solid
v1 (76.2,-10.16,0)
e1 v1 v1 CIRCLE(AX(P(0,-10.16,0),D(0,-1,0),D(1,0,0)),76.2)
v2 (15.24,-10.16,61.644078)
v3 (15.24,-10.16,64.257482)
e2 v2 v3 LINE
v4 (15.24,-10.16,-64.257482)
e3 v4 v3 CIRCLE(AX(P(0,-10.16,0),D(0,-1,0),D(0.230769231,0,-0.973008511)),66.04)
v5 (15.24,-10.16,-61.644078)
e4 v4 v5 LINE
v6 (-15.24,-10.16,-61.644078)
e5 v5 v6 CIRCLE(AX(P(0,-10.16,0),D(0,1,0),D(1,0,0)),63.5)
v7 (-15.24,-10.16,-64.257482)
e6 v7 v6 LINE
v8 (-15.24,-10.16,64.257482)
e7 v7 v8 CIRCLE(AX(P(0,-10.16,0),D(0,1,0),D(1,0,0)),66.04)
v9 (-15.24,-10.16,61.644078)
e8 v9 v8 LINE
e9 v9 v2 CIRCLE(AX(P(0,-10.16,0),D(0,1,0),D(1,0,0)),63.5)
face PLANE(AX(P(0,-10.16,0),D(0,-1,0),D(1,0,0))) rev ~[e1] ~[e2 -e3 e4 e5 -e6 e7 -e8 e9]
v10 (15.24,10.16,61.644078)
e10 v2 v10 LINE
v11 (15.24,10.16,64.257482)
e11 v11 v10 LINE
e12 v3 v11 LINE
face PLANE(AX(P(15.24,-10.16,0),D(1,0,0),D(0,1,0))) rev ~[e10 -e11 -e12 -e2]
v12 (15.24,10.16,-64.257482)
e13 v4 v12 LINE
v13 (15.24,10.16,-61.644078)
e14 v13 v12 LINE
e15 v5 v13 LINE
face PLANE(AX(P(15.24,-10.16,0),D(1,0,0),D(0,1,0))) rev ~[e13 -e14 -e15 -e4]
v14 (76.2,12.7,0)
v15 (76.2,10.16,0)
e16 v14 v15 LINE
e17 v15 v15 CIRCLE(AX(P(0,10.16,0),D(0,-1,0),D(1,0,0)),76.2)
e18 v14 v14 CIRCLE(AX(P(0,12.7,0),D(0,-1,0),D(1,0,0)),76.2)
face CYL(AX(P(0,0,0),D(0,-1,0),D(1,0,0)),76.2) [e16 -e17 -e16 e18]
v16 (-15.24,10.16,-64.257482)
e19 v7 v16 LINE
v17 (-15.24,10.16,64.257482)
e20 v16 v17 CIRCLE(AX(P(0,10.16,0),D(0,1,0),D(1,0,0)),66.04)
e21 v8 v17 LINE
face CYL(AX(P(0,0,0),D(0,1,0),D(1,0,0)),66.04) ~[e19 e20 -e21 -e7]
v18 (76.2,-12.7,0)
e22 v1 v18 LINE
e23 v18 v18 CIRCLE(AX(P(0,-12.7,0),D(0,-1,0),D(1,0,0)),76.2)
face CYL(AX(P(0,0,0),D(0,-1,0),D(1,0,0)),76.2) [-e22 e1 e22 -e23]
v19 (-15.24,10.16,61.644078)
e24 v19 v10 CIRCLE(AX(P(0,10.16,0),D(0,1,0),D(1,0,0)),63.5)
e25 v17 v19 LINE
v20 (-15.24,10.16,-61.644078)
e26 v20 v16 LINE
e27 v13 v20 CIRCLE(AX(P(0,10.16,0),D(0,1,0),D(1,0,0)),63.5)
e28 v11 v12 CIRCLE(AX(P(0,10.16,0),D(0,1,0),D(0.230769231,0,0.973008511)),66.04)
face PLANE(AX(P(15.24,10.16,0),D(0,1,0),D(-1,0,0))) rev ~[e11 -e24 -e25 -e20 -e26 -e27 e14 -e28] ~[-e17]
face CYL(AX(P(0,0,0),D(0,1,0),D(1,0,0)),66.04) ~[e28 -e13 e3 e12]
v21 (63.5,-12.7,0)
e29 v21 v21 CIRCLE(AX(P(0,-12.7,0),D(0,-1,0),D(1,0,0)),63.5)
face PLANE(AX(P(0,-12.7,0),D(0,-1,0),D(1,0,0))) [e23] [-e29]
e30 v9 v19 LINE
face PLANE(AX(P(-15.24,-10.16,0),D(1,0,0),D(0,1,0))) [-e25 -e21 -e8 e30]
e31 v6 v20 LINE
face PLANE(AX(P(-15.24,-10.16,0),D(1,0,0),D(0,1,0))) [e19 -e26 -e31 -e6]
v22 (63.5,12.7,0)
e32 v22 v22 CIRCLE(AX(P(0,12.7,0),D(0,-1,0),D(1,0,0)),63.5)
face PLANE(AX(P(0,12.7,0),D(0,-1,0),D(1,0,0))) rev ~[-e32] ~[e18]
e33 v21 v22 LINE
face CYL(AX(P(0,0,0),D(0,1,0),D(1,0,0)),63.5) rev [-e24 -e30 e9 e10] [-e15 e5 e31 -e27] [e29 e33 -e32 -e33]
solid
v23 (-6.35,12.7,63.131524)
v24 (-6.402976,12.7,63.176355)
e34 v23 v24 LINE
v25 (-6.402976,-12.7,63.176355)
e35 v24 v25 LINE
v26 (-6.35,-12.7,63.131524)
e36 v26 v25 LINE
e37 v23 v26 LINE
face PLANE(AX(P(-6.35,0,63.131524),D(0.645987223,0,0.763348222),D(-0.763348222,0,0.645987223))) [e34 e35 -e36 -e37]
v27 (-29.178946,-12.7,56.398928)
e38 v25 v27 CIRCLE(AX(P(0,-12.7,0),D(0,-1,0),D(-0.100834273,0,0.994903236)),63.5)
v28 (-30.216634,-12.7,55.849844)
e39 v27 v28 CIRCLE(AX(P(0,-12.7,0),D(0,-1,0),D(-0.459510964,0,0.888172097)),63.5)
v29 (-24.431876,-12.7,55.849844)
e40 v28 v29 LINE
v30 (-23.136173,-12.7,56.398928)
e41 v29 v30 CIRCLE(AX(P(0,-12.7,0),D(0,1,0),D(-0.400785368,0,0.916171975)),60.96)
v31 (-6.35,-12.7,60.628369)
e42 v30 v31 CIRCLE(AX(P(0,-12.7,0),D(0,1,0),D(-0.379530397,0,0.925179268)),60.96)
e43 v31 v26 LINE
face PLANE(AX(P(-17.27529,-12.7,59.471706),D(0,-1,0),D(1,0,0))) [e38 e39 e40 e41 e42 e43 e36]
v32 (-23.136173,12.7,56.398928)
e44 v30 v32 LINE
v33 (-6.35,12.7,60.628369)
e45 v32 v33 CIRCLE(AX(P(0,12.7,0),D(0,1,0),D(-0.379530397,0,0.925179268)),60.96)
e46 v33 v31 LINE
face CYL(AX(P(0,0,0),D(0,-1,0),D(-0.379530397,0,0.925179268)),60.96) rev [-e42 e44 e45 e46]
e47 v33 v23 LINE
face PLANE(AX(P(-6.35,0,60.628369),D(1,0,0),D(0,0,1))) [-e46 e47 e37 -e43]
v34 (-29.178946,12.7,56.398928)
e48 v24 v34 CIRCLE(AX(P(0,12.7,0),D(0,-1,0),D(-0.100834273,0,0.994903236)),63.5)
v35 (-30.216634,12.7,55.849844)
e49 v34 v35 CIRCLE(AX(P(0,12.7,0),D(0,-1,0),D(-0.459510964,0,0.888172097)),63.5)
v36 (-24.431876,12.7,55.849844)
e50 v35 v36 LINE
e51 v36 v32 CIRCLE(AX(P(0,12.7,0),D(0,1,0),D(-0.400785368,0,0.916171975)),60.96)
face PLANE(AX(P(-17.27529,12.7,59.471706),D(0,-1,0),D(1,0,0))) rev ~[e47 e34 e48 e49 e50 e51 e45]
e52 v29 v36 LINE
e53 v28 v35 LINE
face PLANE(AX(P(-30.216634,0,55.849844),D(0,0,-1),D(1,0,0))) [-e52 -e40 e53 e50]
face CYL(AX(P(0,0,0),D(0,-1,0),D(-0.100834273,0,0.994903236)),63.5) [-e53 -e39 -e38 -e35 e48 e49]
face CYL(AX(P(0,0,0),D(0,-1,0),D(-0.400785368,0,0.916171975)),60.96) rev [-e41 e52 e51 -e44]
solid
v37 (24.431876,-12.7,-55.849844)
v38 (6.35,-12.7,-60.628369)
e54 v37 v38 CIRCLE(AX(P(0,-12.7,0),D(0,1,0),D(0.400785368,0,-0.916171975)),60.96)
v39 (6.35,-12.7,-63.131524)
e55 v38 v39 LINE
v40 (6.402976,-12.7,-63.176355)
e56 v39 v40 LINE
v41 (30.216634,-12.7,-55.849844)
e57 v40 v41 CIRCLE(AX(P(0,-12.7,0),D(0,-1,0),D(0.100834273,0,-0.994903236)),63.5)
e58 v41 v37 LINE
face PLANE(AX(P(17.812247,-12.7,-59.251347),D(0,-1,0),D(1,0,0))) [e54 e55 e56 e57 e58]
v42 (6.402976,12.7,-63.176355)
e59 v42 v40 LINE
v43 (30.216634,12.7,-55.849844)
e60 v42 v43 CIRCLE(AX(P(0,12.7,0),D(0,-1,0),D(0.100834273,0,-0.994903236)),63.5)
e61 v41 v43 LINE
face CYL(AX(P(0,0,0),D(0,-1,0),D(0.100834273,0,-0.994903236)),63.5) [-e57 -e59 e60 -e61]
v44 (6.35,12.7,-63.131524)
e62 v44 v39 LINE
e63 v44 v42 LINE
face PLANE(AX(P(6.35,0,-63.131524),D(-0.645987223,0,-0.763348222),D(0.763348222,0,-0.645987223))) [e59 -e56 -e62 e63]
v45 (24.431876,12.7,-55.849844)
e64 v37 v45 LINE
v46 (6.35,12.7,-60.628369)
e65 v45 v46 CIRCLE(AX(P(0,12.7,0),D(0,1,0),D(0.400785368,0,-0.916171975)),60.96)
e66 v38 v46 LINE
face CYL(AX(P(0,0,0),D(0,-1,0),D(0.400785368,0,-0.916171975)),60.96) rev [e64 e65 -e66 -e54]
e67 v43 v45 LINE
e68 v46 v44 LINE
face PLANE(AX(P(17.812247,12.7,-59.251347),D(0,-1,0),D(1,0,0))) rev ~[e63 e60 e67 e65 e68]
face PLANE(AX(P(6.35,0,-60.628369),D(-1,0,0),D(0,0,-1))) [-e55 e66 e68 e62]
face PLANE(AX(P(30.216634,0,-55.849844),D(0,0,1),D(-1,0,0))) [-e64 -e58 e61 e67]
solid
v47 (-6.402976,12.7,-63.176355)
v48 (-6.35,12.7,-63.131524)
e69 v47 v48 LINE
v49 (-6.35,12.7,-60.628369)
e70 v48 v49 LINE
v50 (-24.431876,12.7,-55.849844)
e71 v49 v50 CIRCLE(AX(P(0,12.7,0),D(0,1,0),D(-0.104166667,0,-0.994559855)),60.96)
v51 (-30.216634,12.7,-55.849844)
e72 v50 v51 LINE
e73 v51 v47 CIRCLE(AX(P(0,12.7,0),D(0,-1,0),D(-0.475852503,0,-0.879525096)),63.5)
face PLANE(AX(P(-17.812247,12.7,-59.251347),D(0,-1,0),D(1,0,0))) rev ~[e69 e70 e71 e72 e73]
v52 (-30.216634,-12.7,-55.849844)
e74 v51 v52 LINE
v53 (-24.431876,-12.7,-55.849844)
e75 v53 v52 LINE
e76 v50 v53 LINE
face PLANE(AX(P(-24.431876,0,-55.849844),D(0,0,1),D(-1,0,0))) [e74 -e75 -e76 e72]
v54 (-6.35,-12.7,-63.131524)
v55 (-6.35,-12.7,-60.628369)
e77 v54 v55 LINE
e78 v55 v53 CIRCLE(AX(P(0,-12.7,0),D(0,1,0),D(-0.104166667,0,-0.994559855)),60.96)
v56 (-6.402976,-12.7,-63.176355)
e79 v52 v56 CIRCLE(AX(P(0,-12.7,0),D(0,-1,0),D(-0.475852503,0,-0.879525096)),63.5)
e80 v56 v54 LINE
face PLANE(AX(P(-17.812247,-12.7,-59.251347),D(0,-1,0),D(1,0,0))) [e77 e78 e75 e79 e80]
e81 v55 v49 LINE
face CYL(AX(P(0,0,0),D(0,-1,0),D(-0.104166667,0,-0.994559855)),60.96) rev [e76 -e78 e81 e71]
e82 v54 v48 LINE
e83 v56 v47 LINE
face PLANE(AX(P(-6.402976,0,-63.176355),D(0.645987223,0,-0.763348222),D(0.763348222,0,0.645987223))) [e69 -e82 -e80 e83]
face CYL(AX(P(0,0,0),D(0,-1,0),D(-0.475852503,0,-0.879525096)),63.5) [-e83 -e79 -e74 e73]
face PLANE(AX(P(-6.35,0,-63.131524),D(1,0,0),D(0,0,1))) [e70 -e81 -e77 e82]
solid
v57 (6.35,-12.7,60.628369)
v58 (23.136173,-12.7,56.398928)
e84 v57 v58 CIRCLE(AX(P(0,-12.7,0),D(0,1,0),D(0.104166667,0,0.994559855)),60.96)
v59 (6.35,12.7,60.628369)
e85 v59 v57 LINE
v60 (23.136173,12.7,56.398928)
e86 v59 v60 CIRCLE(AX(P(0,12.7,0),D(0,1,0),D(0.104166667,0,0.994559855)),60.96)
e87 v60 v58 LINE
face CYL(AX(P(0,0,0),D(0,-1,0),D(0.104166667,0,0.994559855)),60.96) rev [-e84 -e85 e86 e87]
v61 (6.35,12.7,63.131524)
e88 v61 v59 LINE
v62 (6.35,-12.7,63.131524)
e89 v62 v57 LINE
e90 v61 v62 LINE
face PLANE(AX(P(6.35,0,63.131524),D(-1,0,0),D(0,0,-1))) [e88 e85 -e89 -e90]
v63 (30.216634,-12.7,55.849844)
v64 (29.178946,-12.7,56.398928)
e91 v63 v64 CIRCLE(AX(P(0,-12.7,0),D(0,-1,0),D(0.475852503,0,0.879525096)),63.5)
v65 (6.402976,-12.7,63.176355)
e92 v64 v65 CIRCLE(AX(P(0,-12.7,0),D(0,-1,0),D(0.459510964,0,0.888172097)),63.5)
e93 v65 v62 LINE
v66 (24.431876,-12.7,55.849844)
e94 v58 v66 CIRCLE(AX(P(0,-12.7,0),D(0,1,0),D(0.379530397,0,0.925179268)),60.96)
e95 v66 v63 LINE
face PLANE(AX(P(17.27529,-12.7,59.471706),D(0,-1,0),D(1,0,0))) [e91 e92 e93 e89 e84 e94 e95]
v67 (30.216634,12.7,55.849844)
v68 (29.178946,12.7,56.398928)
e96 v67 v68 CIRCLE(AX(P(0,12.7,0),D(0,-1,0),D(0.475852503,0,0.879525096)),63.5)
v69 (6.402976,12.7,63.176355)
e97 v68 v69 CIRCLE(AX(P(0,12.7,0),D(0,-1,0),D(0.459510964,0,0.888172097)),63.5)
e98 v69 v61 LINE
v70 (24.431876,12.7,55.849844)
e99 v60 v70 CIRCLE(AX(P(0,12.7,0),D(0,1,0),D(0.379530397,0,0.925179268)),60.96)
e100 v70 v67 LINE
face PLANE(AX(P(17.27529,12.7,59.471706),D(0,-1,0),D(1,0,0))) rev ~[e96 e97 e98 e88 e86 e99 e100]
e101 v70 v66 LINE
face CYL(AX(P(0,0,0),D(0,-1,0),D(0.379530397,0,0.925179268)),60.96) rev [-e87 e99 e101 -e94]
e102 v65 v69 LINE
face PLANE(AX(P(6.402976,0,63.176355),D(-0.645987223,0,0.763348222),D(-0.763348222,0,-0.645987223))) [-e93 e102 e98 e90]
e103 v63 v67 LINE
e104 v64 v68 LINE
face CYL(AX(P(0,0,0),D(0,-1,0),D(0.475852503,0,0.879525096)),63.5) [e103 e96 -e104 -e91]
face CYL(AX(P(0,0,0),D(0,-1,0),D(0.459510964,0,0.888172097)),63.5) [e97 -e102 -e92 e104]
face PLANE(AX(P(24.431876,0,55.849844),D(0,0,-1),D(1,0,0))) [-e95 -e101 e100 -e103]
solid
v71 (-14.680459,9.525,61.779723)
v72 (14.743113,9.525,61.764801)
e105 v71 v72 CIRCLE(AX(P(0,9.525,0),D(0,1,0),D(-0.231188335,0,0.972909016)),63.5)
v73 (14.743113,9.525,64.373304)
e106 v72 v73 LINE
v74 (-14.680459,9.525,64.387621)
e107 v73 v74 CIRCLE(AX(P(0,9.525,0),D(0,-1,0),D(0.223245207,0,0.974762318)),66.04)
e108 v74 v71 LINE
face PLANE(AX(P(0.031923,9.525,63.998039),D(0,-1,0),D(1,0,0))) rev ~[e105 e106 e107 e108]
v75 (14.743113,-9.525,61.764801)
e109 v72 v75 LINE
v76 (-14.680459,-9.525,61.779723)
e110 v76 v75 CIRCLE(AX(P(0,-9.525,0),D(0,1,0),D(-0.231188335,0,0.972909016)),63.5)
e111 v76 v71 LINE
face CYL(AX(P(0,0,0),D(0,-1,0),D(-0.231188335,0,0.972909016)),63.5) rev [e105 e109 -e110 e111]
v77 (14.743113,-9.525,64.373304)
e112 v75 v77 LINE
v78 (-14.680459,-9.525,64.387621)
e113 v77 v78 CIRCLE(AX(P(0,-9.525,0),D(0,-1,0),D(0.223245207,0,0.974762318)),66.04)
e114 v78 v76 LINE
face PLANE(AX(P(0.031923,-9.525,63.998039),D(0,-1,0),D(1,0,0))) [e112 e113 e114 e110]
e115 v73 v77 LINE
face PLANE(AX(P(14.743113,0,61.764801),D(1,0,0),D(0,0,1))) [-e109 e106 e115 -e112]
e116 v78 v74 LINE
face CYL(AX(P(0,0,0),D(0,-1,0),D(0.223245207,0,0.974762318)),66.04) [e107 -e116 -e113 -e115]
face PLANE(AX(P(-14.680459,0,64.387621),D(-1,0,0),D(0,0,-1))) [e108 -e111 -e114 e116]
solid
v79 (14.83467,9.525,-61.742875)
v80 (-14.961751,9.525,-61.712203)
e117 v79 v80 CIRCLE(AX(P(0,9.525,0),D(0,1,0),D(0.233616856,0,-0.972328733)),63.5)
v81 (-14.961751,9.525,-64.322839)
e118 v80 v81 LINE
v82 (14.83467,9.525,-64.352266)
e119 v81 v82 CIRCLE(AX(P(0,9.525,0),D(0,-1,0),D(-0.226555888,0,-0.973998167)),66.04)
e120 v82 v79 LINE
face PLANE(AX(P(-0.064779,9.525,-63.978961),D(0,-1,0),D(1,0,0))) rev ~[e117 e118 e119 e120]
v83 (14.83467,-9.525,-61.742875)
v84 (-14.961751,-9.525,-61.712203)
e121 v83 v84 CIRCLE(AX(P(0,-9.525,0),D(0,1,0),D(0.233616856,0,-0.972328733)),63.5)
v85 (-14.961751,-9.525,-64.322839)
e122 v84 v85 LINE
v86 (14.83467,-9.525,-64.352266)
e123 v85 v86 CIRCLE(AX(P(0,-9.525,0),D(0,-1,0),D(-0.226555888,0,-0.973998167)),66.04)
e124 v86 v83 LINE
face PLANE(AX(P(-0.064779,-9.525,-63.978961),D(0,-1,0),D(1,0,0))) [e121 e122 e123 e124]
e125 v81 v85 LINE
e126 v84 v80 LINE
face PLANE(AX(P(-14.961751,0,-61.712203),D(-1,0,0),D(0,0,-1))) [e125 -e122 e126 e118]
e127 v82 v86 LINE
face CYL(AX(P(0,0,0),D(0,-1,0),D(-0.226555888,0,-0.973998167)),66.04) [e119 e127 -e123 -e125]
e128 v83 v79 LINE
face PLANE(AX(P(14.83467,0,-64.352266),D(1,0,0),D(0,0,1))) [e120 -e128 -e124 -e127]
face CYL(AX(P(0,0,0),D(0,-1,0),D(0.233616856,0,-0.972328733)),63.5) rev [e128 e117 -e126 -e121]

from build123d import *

# Parameters (mm, degrees)
F0_R     = 76.2
F0_R_2   = 63.5
F1_DEPTH = 12.7
F3_T     = -2.54
F2_W     = 15.24
F2_H     = 20.32
F4_DEPTH = 66.04
F6_DEPTH = 9.525
F8_DEPTH = 12.7


with BuildPart() as f1:
    # F0 (on Front) → F1 (new body, symmetric)
    with BuildSketch(Plane.XZ):
        Circle(F0_R)
        Circle(F0_R_2, mode=Mode.SUBTRACT)
    extrude(amount=F1_DEPTH, both=True)

    # F3
    f3_openings = [f1.faces().sort_by_distance(p)[0] for p in [
        (-76.2, 0, 0),
    ]]
    offset(amount=F3_T, openings=f3_openings)

    # F2 (on Top) → F4 (cut, symmetric)
    with BuildSketch(Plane.XY):
        with Locations((-7.62, 0)):
            Rectangle(F2_W, F2_H)
        with Locations((7.62, 0)):
            Rectangle(F2_W, F2_H)
    extrude(amount=F4_DEPTH, both=True, mode=Mode.SUBTRACT)


with BuildPart() as f6:
    # F5 (on Front) → F6 (new body, symmetric)
    with BuildSketch(Plane.XZ):
        with BuildLine():
            ThreePointArc((-14.6804592455, 61.7797225337), (0.0322033107, 63.4999918342), (14.7431134689, 61.7648006978))
            Line((14.7431134689, 61.7648006978), (14.7431134689, 64.3733035135))
            ThreePointArc((14.7431134689, 64.3733035135), (0.0321346281, 66.0399921818), (-14.6804592455, 64.3876208315))
            Line((-14.6804592455, 64.3876208315), (-14.6804592455, 61.7797225337))
        make_face()
    extrude(amount=F6_DEPTH, both=True)


with BuildPart() as f6b:
    # F5 (on Front) → F6, piece 2 (new body, symmetric)
    with BuildSketch(Plane.XZ):
        with BuildLine():
            Line((-14.9617508265, -61.7122031061), (-14.9617508265, -64.3228389626))
            ThreePointArc((-14.9617508265, -64.3228389626), (-0.0652215525, -66.0399677934), (14.834670357, -64.3522661248))
            Line((14.834670357, -64.3522661248), (14.834670357, -61.7428745314))
            ThreePointArc((14.834670357, -61.7428745314), (-0.0653647116, -63.4999663579), (-14.9617508265, -61.7122031061))
        make_face()
    extrude(amount=F6_DEPTH, both=True)


with BuildPart() as f8:
    # F7 (on Front) → F8 (new body, symmetric)
    with BuildSketch(Plane.XZ):
        with BuildLine():
            ThreePointArc((-6.35, -60.6283687724), (-15.575286476, -58.9366783183), (-24.431876042, -55.8498436262))
            Line((-24.431876042, -55.8498436262), (-30.2166339444, -55.8498436262))
            ThreePointArc((-30.2166339444, -55.8498436262), (-18.6726647382, -60.6925167675), (-6.4029763415, -63.1763554977))
            Line((-6.4029763415, -63.1763554977), (-6.35, -63.1315240057))
            Line((-6.35, -63.1315240057), (-6.35, -60.6283687724))
        make_face()
    extrude(amount=F8_DEPTH, both=True)


with BuildPart() as f8b:
    # F7 (on Front) → F8, piece 2 (new body, symmetric)
    with BuildSketch(Plane.XZ):
        with BuildLine():
            ThreePointArc((-23.1361730152, 56.3989281654), (-14.8939800501, 59.1125279299), (-6.35, 60.6283687724))
            Line((-6.35, 60.6283687724), (-6.35, 63.1315240057))
            Line((-6.35, 63.1315240057), (-6.4029763415, 63.1763554977))
            ThreePointArc((-6.4029763415, 63.1763554977), (-18.1108167509, 60.8625362322), (-29.1789462077, 56.3989281654))
            Line((-29.1789462077, 56.3989281654), (-23.1361730152, 56.3989281654))
        make_face()
        with BuildLine():
            ThreePointArc((-24.431876042, 55.8498436262), (-23.7856090154, 56.1281248909), (-23.1361730152, 56.3989281654))
            Line((-23.1361730152, 56.3989281654), (-29.1789462077, 56.3989281654))
            ThreePointArc((-29.1789462077, 56.3989281654), (-29.6990590568, 56.1267840798), (-30.2166339444, 55.8498436262))
            Line((-30.2166339444, 55.8498436262), (-24.431876042, 55.8498436262))
        make_face()
    extrude(amount=F8_DEPTH, both=True)


with BuildPart() as f8c:
    # F7 (on Front) → F8, piece 3 (new body, symmetric)
    with BuildSketch(Plane.XZ):
        with BuildLine():
            Line((6.4029763415, 63.1763554977), (6.35, 63.1315240057))
            Line((6.35, 63.1315240057), (6.35, 60.6283687724))
            ThreePointArc((6.35, 60.6283687724), (14.8939800501, 59.1125279299), (23.1361730152, 56.3989281654))
            Line((23.1361730152, 56.3989281654), (29.1789462077, 56.3989281654))
            ThreePointArc((29.1789462077, 56.3989281654), (18.1108167509, 60.8625362322), (6.4029763415, 63.1763554977))
        make_face()
        with BuildLine():
            Line((29.1789462077, 56.3989281654), (23.1361730152, 56.3989281654))
            ThreePointArc((23.1361730152, 56.3989281654), (23.7856090154, 56.1281248909), (24.431876042, 55.8498436262))
            Line((24.431876042, 55.8498436262), (30.2166339444, 55.8498436262))
            ThreePointArc((30.2166339444, 55.8498436262), (29.6990590568, 56.1267840798), (29.1789462077, 56.3989281654))
        make_face()
    extrude(amount=F8_DEPTH, both=True)


with BuildPart() as f8d:
    # F7 (on Front) → F8, piece 4 (new body, symmetric)
    with BuildSketch(Plane.XZ):
        with BuildLine():
            Line((6.35, -60.6283687724), (6.35, -63.1315240057))
            Line((6.35, -63.1315240057), (6.4029763415, -63.1763554977))
            ThreePointArc((6.4029763415, -63.1763554977), (18.6726647382, -60.6925167675), (30.2166339444, -55.8498436262))
            Line((30.2166339444, -55.8498436262), (24.431876042, -55.8498436262))
            ThreePointArc((24.431876042, -55.8498436262), (15.575286476, -58.9366783183), (6.35, -60.6283687724))
        make_face()
    extrude(amount=F8_DEPTH, both=True)


solid = Compound([f1.part, f6.part, f6b.part, f8.part, f8b.part, f8c.part, f8d.part])
